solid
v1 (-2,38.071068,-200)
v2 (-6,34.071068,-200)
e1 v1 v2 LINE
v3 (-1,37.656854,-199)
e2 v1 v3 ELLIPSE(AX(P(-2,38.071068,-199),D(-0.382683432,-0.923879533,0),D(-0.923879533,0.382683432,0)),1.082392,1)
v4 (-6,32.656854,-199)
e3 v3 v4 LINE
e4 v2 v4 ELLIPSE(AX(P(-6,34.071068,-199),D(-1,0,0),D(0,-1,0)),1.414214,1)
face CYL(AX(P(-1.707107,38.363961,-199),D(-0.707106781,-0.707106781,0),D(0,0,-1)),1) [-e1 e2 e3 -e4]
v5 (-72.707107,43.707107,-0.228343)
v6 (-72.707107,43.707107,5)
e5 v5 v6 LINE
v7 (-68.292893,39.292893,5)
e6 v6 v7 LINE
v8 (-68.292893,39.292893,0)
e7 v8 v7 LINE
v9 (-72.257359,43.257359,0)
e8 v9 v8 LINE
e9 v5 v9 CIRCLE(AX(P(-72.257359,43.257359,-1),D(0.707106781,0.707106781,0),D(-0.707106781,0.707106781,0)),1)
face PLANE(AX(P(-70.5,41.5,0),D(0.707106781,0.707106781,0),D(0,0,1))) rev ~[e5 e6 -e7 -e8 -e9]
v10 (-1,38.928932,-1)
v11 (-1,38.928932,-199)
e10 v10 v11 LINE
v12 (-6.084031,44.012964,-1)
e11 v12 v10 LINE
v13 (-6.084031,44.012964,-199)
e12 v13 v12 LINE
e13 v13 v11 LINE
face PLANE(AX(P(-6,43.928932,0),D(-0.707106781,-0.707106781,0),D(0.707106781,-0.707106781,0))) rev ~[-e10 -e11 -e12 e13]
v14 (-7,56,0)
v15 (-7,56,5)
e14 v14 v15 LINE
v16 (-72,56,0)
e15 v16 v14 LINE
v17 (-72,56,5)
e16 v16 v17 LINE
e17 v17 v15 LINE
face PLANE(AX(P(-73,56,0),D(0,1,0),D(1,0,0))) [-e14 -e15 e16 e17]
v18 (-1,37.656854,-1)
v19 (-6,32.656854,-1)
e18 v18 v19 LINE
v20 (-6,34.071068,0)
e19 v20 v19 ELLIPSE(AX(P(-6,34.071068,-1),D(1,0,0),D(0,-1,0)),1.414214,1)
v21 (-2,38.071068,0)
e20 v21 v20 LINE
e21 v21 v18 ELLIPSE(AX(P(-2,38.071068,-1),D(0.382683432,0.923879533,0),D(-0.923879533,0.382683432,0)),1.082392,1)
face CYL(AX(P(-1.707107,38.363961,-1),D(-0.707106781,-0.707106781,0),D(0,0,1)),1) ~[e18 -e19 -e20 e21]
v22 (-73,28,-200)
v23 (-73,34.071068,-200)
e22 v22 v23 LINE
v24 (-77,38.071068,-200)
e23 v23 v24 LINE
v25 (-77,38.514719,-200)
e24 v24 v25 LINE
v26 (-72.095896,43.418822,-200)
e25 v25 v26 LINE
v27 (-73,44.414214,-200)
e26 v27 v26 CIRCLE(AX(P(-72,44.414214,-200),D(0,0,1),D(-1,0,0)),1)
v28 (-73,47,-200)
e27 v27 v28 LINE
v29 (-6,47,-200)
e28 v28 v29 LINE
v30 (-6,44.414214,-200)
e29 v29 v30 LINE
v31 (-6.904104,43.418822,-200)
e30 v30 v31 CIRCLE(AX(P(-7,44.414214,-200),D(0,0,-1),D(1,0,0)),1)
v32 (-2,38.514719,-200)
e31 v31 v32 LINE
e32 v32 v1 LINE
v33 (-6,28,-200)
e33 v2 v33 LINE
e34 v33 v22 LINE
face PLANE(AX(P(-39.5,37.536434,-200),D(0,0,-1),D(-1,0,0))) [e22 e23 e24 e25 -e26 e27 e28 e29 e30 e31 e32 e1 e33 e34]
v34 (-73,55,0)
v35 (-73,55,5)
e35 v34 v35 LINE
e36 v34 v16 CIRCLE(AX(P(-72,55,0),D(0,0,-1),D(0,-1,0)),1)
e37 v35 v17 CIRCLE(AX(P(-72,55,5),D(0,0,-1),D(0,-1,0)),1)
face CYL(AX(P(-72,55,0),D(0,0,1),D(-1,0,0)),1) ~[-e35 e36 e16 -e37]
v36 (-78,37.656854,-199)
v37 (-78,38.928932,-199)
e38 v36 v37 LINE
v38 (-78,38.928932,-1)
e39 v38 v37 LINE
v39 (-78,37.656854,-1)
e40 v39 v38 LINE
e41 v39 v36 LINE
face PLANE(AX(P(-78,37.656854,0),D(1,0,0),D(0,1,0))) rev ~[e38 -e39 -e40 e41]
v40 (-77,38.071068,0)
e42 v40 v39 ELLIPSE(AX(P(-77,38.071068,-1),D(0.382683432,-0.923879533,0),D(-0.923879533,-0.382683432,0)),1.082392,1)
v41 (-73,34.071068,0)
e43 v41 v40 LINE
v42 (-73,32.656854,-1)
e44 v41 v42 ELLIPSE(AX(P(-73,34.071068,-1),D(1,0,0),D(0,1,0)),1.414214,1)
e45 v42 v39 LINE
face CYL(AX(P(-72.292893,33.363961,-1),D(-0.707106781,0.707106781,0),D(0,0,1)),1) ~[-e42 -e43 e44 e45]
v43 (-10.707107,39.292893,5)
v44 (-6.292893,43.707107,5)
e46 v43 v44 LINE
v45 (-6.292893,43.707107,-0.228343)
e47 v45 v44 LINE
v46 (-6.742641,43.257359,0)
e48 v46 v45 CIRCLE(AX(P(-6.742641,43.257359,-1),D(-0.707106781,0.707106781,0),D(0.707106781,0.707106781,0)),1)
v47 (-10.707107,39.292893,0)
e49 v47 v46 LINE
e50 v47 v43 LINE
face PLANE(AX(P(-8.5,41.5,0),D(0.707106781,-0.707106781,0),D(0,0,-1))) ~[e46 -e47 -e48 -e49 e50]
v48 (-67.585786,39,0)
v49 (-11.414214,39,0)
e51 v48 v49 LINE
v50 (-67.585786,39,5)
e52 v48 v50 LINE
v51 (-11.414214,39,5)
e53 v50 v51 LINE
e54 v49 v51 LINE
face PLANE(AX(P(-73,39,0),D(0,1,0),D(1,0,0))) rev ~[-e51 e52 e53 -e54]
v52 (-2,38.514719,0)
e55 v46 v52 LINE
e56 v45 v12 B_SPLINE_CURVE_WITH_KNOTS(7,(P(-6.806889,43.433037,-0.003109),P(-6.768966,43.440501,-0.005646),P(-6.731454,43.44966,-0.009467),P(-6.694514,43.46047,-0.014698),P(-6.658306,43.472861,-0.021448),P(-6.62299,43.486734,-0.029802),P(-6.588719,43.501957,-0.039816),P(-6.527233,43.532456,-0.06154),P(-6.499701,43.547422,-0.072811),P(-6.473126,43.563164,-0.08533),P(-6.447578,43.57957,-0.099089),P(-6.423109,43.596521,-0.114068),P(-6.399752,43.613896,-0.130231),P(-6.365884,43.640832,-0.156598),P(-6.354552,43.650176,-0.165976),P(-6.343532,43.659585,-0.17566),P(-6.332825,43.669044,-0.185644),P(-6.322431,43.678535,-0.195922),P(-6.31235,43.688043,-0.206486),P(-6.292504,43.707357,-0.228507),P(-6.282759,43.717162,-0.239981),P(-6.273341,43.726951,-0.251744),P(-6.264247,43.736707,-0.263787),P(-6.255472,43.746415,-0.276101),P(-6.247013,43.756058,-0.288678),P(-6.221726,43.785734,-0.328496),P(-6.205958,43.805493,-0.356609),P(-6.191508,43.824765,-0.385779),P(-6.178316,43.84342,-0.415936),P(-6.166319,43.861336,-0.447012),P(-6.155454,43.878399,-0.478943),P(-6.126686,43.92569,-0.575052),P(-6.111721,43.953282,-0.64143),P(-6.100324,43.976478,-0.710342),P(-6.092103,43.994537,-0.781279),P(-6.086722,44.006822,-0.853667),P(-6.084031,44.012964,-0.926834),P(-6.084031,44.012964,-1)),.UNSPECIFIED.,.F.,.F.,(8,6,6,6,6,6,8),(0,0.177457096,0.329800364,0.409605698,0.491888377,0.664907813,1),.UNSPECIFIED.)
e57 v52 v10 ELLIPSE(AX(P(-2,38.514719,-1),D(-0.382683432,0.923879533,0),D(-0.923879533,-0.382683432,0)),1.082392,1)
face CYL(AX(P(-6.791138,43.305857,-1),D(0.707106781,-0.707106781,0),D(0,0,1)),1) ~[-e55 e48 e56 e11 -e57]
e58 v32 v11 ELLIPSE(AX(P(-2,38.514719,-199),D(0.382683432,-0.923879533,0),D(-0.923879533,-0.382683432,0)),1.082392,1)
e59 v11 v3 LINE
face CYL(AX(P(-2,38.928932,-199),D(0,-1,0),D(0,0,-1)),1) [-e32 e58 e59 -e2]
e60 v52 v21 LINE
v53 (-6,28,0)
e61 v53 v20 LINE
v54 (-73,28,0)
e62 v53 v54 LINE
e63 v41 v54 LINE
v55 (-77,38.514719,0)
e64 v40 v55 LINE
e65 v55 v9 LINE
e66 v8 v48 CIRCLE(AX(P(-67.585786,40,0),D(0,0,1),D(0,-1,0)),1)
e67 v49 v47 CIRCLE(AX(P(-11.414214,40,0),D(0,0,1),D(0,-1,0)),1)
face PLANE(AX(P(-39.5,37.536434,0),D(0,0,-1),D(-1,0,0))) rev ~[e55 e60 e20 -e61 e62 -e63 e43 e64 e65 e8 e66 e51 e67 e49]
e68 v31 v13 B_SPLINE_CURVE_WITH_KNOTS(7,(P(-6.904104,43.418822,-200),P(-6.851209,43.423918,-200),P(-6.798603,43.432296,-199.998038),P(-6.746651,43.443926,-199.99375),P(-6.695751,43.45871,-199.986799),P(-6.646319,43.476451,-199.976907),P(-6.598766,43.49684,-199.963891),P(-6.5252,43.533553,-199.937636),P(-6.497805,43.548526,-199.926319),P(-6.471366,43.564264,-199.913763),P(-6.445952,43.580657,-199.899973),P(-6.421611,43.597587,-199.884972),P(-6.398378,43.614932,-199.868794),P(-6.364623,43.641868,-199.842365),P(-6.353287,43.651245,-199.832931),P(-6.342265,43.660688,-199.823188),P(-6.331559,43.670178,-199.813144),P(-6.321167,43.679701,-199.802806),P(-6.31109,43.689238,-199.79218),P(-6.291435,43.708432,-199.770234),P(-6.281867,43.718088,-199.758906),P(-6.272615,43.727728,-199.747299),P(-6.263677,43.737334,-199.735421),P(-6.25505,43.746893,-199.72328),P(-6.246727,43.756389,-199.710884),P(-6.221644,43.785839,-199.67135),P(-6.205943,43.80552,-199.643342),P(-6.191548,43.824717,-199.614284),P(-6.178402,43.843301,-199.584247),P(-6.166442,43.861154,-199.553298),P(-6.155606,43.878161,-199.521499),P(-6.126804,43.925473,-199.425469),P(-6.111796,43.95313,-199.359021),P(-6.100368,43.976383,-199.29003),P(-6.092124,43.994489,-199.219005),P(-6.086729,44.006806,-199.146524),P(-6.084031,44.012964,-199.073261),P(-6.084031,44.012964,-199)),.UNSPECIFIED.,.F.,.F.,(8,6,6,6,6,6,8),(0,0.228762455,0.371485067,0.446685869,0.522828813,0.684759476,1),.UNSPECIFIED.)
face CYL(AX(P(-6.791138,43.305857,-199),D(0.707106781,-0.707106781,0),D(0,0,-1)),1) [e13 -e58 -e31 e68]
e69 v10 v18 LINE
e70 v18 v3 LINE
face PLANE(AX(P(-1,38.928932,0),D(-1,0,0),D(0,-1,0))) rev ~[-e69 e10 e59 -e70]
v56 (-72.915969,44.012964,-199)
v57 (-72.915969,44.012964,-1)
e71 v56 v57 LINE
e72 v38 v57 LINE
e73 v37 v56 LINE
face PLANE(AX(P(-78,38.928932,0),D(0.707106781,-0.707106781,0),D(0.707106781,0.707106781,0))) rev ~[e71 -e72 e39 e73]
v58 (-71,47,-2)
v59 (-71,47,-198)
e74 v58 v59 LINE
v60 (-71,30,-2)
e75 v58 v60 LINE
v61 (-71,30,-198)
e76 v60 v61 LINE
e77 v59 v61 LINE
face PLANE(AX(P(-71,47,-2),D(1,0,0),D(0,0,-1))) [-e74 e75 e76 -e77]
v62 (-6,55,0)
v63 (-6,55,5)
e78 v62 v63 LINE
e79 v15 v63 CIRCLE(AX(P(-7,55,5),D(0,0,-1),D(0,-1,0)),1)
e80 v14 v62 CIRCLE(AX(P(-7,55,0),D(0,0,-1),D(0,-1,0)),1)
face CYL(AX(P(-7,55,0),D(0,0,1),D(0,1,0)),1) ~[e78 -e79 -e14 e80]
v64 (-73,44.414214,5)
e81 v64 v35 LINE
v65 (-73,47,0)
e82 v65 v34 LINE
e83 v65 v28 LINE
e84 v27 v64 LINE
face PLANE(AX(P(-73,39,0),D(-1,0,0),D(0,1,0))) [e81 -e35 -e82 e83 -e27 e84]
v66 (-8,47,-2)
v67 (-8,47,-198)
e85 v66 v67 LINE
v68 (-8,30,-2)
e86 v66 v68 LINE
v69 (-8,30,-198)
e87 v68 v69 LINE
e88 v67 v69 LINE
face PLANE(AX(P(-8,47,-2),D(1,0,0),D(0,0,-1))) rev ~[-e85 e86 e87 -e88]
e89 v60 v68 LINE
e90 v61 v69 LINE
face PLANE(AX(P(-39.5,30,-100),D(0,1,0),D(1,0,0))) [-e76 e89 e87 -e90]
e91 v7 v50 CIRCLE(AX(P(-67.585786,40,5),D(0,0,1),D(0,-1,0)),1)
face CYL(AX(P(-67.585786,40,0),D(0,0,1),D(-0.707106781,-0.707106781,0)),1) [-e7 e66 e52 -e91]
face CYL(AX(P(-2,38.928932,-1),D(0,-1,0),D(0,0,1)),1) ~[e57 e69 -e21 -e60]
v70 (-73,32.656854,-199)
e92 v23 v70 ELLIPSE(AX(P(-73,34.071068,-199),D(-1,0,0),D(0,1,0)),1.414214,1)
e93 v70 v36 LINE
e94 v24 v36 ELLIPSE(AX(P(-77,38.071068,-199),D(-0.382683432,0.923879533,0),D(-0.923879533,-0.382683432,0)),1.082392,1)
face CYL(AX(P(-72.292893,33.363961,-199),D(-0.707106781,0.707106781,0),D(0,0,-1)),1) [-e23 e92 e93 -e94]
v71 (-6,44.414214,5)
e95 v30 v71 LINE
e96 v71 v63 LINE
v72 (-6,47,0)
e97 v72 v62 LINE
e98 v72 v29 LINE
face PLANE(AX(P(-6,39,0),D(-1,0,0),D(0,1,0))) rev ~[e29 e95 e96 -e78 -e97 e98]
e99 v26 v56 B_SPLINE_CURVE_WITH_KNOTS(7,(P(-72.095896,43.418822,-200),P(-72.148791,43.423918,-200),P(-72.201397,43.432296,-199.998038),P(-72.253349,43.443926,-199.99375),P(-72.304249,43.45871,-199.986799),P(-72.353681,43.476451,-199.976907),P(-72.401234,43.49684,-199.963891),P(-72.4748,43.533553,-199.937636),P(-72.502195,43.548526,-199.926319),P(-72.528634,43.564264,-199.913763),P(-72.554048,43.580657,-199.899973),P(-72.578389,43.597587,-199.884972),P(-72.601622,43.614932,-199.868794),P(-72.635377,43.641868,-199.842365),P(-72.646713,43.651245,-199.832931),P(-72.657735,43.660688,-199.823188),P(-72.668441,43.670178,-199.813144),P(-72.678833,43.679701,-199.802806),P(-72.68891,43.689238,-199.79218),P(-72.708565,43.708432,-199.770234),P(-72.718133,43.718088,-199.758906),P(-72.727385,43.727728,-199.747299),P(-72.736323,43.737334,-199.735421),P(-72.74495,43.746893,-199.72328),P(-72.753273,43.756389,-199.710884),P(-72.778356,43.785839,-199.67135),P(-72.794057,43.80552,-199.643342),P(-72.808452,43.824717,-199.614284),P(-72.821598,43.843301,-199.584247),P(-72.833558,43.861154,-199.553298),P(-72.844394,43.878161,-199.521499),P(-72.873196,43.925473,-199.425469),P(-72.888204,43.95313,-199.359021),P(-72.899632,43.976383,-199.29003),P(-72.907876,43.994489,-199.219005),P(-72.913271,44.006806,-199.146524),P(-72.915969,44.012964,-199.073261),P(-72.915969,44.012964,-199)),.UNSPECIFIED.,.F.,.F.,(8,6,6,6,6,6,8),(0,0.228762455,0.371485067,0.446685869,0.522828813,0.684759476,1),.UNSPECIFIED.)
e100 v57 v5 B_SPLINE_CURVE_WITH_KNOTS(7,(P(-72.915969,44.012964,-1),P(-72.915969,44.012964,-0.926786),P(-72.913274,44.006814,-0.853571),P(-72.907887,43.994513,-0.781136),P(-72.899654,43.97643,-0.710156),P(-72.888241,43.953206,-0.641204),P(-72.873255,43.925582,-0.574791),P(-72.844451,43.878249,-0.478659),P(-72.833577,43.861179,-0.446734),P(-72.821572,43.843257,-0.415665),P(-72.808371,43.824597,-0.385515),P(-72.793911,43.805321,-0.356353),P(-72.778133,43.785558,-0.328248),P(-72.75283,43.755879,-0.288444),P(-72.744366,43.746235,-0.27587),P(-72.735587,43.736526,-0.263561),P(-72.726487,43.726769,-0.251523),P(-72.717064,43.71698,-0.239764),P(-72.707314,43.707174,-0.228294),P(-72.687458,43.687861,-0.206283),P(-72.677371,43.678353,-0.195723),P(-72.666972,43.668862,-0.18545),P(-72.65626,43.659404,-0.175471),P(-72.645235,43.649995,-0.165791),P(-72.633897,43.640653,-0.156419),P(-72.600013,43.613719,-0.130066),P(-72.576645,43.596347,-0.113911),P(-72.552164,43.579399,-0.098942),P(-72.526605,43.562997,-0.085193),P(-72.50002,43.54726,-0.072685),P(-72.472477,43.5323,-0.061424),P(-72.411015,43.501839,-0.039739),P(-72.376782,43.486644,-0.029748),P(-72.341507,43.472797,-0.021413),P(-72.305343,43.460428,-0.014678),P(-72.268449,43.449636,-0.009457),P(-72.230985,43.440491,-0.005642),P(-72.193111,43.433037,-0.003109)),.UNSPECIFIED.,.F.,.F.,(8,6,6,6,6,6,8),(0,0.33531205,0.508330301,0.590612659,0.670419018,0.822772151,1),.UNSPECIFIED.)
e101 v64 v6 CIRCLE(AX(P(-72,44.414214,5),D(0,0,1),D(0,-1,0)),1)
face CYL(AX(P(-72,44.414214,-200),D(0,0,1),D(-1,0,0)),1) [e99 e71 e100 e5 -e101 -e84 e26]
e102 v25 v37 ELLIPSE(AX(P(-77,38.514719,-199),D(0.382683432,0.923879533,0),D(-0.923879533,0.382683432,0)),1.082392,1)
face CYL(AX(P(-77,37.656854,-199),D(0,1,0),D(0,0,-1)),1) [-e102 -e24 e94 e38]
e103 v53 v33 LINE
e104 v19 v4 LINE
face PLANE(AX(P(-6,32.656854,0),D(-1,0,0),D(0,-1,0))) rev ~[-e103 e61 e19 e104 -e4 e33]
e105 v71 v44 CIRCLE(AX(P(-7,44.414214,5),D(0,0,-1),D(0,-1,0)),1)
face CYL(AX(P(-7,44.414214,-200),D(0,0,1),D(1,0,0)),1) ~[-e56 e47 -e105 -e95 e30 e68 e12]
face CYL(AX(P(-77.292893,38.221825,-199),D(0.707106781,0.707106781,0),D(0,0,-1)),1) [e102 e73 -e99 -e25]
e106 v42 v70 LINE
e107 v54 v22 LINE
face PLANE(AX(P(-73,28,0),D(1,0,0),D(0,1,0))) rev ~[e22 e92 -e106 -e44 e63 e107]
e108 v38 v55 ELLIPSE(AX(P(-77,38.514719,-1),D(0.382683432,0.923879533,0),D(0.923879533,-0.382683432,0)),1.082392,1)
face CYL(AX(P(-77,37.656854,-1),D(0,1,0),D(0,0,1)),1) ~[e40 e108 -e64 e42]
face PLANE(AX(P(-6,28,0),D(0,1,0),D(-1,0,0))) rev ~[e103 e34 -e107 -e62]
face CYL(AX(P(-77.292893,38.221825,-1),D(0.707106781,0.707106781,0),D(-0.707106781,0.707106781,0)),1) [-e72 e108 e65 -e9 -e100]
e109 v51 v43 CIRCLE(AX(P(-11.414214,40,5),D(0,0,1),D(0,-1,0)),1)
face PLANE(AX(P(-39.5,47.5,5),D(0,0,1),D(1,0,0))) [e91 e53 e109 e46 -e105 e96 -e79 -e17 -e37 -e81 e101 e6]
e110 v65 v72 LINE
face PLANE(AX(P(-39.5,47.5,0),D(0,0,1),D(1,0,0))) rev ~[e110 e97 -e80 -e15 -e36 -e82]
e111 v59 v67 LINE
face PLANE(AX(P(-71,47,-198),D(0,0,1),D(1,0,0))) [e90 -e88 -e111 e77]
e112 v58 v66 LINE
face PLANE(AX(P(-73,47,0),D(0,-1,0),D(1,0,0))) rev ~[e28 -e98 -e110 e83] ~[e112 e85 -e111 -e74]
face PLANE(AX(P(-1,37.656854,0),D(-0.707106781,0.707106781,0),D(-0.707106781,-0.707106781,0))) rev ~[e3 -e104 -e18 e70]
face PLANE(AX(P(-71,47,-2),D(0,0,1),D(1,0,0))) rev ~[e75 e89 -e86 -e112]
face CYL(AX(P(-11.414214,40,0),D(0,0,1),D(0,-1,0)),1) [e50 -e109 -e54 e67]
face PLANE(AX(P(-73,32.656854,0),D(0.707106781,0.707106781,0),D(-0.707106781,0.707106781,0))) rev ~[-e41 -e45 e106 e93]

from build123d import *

# Parameters (mm, degrees)
EXTRUDE_1_DEPTH     = 200
SKETCH_2_W          = 63
SKETCH_2_H          = 196
CUT_EXTRUDE_1_DEPTH = 17
SKETCH_4_W          = 67
SKETCH_4_H          = 17
EXTRUDE_2_DEPTH     = 5
CHAMFER_1_SIZE      = 5
FILLET_1_R          = 1
FILLET_3_R          = 1


with BuildPart() as part:
    # 草图1 → 凸台-拉伸1 (new body)
    with BuildSketch(Plane.XY):
        Polygon((-6, 28), (-73, 28), (-73, 32.656854249), (-78, 37.656854249), (-78, 38.928932188), (-73, 43.928932188), (-73, 47), (-6, 47), (-6, 43.928932188), (-1, 38.928932188), (-1, 37.656854249), (-6, 32.656854249), align=None)
    extrude(amount=-EXTRUDE_1_DEPTH)

    # 草图2 → 切除-拉伸1 (cut)
    with BuildSketch(Plane(origin=(0, 47, 0), x_dir=(1, 0, 0), z_dir=(0, 1, 0))):
        with Locations((-39.5, 100)):
            Rectangle(SKETCH_2_W, SKETCH_2_H)
    extrude(amount=-CUT_EXTRUDE_1_DEPTH, mode=Mode.SUBTRACT)

    # 草图4 → 凸台-拉伸2 (add)
    with BuildSketch(Plane.XY):
        with Locations((-39.5, 47.5)):
            Rectangle(SKETCH_4_W, SKETCH_4_H)
    extrude(amount=EXTRUDE_2_DEPTH)

    # 倒角1
    chamfer_1_edges = [part.edges().sort_by_distance(p)[0] for p in [
        (-73, 39, 2.5),
        (-6, 39, 2.5),
    ]]
    chamfer(chamfer_1_edges, length=CHAMFER_1_SIZE)

    # 圆角1
    fillet_1_edges = [part.edges().sort_by_distance(p)[0] for p in [
        (-68, 39, 2.5),
        (-73, 44, -97.5),
        (-11, 39, 2.5),
        (-6, 44, -97.5),
        (-6, 56, 2.5),
        (-73, 56, 2.5),
    ]]
    fillet(fillet_1_edges, radius=FILLET_1_R)

    # 圆角3
    fillet_3_edges = [part.edges().sort_by_distance(p)[0] for p in [
        (-75.5, 35.156854249, 0),
        (-75.457984297, 41.470947892, 0),
        (-78, 38.292893219, 0),
        (-75.5, 35.156854249, -200),
        (-78, 38.292893219, -200),
        (-75.457984297, 41.470947892, -200),
        (-3.5, 35.156854249, -200),
        (-1, 38.292893219, -200),
        (-3.542015703, 41.470947892, -200),
        (-3.5, 35.156854249, 0),
        (-1, 38.292893219, 0),
        (-3.542015703, 41.470947892, 0),
    ]]
    fillet(fillet_3_edges, radius=FILLET_3_R)


solid = part.part
